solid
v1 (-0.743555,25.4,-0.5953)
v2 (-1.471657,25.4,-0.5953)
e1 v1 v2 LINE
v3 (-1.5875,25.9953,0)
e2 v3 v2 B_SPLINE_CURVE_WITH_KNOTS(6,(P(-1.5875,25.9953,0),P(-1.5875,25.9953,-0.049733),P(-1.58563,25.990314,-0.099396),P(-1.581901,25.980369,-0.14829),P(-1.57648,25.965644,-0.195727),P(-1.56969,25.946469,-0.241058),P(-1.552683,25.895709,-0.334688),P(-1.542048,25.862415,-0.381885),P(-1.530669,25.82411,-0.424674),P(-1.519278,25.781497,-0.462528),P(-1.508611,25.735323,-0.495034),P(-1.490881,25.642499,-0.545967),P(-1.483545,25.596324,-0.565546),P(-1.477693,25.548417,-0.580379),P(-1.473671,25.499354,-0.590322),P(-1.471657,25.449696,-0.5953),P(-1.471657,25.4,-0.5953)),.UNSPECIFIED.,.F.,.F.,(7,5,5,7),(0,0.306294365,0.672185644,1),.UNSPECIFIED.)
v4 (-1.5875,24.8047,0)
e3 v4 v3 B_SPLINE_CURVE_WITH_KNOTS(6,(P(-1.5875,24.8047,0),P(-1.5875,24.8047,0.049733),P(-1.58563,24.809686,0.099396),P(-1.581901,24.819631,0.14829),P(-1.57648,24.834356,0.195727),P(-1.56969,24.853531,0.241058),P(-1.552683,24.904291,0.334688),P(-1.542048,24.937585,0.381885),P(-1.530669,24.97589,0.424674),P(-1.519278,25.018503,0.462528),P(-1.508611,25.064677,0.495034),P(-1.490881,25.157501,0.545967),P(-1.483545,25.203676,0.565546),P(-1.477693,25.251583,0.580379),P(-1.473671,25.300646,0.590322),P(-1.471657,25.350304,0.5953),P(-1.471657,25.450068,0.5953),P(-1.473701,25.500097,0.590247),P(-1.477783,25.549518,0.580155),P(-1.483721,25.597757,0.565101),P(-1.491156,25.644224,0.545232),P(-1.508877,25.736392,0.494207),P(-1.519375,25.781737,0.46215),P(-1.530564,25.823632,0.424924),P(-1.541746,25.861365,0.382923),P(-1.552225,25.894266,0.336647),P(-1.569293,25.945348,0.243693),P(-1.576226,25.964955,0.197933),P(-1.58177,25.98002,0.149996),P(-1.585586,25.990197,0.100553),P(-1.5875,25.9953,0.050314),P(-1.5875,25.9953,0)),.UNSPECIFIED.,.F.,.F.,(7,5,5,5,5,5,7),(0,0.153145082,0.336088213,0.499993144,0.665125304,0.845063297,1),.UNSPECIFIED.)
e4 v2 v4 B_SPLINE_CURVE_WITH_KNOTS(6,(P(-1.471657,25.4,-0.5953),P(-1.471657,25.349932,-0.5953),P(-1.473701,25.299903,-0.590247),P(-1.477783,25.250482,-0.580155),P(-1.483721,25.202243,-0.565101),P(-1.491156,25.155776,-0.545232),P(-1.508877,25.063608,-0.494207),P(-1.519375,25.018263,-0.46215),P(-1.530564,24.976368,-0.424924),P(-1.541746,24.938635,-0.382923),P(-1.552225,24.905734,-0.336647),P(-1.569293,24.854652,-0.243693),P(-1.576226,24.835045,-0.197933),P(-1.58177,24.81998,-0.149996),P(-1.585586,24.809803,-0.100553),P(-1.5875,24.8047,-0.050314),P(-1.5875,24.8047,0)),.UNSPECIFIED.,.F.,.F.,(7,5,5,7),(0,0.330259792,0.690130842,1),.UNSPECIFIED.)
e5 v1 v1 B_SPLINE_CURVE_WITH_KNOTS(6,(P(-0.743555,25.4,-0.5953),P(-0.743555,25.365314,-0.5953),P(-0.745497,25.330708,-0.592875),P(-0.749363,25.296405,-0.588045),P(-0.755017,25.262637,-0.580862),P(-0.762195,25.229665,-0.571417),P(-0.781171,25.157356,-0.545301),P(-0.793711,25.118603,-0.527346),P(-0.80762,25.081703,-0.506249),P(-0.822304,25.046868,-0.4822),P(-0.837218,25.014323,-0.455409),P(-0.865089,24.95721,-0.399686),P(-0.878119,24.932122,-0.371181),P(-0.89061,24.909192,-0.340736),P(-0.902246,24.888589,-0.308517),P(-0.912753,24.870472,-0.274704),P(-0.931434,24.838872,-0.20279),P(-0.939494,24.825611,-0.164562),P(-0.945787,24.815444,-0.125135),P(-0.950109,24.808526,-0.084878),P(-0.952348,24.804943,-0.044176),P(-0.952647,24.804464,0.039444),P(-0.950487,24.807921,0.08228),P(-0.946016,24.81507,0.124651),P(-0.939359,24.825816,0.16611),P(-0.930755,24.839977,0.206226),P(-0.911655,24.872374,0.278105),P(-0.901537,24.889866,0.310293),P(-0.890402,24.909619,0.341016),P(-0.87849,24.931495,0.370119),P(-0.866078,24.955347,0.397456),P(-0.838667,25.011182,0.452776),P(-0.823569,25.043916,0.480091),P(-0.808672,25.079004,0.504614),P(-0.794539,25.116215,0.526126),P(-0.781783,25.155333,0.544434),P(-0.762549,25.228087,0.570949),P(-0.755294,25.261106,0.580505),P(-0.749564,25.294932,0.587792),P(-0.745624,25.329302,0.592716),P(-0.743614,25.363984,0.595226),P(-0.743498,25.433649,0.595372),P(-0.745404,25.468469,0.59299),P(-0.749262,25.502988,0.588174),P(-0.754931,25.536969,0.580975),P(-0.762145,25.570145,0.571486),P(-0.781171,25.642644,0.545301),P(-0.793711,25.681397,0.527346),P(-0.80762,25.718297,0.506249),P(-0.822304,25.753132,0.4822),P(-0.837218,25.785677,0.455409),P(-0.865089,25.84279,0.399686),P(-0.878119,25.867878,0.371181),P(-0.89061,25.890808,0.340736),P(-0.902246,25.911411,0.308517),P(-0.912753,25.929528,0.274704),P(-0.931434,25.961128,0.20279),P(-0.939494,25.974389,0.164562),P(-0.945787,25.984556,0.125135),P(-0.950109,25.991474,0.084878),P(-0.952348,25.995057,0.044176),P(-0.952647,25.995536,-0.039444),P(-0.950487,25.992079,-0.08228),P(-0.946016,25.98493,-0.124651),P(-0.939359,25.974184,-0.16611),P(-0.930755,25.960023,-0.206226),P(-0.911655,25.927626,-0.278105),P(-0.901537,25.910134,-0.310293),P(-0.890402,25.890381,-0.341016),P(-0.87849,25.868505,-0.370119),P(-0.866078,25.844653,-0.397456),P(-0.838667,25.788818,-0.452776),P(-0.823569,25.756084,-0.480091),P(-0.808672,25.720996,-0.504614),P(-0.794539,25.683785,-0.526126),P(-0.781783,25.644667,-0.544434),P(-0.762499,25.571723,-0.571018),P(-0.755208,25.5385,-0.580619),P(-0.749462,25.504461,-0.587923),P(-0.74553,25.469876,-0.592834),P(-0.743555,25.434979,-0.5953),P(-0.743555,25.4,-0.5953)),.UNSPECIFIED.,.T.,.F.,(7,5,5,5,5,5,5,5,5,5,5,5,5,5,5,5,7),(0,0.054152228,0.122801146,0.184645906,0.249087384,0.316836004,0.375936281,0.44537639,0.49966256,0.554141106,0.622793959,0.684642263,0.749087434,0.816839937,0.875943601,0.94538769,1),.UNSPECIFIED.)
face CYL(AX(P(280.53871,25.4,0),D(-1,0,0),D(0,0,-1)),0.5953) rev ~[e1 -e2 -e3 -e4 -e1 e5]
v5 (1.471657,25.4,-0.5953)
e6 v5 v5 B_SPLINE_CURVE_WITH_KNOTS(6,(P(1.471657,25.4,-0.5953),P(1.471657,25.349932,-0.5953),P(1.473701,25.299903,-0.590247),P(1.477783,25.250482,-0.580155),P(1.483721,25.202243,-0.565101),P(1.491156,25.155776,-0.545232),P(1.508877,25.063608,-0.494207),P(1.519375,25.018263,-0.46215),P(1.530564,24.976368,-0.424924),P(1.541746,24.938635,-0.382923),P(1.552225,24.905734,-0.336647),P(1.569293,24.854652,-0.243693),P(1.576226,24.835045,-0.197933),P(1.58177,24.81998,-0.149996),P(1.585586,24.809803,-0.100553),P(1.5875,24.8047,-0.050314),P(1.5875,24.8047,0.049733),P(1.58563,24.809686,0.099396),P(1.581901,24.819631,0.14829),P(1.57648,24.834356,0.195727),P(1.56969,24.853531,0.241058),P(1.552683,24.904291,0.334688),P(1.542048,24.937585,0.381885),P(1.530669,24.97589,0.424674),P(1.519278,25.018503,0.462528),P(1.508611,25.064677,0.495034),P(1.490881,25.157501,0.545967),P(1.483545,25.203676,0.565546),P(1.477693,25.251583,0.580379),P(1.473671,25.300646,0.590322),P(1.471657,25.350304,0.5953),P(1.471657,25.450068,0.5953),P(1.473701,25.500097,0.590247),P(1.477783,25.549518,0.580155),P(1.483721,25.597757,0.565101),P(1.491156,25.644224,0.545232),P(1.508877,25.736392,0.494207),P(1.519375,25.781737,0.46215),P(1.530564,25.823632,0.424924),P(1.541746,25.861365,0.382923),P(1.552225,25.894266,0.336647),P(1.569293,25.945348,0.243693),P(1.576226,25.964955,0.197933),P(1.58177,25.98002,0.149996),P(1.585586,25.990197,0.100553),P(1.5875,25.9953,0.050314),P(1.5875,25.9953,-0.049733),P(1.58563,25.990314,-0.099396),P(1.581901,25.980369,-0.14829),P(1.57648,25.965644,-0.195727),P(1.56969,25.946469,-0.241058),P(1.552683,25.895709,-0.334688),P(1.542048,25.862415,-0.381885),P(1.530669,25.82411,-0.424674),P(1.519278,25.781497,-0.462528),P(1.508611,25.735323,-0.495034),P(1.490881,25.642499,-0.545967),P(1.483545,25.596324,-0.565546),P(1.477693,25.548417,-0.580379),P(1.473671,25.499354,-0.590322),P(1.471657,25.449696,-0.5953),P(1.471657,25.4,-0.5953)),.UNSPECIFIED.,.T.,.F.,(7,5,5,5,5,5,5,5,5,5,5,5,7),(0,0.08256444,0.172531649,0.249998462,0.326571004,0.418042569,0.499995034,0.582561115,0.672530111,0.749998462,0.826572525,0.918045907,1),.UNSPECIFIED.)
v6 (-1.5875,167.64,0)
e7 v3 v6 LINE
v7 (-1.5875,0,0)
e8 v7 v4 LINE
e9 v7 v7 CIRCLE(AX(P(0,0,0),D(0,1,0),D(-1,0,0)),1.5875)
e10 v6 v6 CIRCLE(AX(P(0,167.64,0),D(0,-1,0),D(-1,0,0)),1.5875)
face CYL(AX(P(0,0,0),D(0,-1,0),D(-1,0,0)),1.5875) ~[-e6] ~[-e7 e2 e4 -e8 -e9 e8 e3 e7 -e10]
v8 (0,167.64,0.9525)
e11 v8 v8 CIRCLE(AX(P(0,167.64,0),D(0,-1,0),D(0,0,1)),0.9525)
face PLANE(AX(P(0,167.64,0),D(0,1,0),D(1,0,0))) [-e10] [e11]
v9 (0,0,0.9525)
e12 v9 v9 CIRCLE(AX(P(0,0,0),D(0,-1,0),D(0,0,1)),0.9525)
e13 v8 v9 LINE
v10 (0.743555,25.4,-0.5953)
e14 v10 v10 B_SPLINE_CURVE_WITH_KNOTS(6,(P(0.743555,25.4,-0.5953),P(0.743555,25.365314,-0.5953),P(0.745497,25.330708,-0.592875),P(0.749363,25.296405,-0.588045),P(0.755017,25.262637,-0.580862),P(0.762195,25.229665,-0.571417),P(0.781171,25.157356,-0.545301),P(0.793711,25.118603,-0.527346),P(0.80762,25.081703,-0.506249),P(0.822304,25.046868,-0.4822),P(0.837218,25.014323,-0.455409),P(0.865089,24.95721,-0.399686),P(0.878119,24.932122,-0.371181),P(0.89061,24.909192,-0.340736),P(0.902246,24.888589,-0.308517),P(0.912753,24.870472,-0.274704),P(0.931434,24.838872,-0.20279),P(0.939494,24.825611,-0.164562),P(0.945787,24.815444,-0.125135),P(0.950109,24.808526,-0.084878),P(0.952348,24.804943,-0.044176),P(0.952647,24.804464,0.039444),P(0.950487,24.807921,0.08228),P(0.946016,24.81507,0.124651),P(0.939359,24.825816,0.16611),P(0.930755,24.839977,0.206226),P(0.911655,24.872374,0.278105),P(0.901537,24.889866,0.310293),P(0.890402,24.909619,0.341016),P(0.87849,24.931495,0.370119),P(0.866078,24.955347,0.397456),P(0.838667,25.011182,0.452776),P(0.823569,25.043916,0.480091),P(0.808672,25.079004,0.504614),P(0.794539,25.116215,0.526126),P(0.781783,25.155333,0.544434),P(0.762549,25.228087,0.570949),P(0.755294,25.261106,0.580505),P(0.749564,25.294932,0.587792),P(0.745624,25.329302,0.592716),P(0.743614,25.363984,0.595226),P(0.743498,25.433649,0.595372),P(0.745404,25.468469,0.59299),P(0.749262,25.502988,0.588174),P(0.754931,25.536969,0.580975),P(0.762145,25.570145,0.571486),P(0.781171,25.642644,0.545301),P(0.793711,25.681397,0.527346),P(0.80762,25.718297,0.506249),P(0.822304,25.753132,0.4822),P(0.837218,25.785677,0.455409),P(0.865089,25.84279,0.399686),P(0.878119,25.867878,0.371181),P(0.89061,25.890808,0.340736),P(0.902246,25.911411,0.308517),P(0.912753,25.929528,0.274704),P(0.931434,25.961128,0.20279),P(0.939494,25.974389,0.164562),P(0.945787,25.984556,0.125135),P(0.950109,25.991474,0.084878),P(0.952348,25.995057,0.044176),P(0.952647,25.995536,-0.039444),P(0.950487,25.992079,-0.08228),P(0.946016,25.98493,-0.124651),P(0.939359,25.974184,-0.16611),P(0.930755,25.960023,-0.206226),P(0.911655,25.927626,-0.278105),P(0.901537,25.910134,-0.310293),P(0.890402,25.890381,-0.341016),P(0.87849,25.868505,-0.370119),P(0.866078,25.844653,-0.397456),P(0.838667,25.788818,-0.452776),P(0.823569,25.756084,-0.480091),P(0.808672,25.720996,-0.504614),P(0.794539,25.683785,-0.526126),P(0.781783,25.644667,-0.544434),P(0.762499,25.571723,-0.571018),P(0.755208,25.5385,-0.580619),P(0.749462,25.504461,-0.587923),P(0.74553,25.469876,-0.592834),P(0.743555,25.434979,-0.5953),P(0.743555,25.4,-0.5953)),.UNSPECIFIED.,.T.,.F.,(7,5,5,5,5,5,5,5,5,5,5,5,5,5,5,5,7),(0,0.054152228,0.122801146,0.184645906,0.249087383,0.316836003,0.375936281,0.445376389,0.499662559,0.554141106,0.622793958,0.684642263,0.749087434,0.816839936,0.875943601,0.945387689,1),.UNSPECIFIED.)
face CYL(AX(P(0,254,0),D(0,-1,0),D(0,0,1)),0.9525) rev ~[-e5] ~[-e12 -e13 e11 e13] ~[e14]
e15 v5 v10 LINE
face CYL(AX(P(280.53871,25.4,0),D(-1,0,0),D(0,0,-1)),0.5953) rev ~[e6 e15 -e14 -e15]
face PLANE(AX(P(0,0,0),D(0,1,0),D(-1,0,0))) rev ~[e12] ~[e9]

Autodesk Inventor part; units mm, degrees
ref_plane "YZ Plane" through (0, 0, 0) normal (1, 0, 0) x (0, 1, 0)
ref_plane "XZ Plane" through (0, 0, 0) normal (0, 1, 0) x (-1, 0, 0)
ref_plane "XY Plane" through (0, 0, 0) normal (0, 0, 1) x (1, 0, 0)
sketch "Sketch1" plane through (0, 0, 0) normal (0, 1, 0) x (-1, 0, 0)
  circle A0 centre (0, 0) radius 1.5875
  dimension "d0" = 3.175
extrude "Extrusion1" add sketch "Sketch1" along normal blind 254
sketch "Sketch9" plane through (0, 0, 0) normal (1, 0, 0) x (0, 1, 0)
  line L0 (0, -1.5875) -> (0, 1.5875)
  line L1 (254, -1.5875) -> (254, 1.5875)
  line L2 (254, 0) -> (228.6, 0)
  line L3 (0, 0) -> (25.4, 0)
  dimension "d42" = 25.4
  dimension "d43" = 25.4
hole "Hole5" at (0, 25.4, 0) direction (-1, 0, 0) diameter 1.1906 end through all both
hole "Hole6" [suppressed]
sketch "Sketch10" plane through (0, 254, 0) normal (0, 1, 0) x (1, 0, 0)
  circle A0 centre (0, 0) radius 1.5875
hole "Hole7" at (0, 254, 0) direction (0, -1, 0) diameter 1.905 end through all
thread "Thread28"
thread "Thread29"
thread "Thread30"
thread "Thread31"
thread "Thread32"
thread "Thread33"
thread "Thread34"
thread "Thread35"
thread "Thread36"
thread "Thread37"
thread "Thread38"
thread "Thread40"
thread "Thread41"
thread "Thread42"
thread "Thread43"
thread "Thread44"
thread "Thread45"
thread "Thread46"
sketch "Sketch15" plane through (0, 254, 0) normal (0, 1, 0) x (1, 0, 0)
  circle A0 centre (0, 0) radius 1.5875
  circle A1 centre (0, 0) radius 0.9525
extrude "Extrusion4" cut sketch "Sketch15" against normal blind 86.36
properties part number "burder_rod_2"
